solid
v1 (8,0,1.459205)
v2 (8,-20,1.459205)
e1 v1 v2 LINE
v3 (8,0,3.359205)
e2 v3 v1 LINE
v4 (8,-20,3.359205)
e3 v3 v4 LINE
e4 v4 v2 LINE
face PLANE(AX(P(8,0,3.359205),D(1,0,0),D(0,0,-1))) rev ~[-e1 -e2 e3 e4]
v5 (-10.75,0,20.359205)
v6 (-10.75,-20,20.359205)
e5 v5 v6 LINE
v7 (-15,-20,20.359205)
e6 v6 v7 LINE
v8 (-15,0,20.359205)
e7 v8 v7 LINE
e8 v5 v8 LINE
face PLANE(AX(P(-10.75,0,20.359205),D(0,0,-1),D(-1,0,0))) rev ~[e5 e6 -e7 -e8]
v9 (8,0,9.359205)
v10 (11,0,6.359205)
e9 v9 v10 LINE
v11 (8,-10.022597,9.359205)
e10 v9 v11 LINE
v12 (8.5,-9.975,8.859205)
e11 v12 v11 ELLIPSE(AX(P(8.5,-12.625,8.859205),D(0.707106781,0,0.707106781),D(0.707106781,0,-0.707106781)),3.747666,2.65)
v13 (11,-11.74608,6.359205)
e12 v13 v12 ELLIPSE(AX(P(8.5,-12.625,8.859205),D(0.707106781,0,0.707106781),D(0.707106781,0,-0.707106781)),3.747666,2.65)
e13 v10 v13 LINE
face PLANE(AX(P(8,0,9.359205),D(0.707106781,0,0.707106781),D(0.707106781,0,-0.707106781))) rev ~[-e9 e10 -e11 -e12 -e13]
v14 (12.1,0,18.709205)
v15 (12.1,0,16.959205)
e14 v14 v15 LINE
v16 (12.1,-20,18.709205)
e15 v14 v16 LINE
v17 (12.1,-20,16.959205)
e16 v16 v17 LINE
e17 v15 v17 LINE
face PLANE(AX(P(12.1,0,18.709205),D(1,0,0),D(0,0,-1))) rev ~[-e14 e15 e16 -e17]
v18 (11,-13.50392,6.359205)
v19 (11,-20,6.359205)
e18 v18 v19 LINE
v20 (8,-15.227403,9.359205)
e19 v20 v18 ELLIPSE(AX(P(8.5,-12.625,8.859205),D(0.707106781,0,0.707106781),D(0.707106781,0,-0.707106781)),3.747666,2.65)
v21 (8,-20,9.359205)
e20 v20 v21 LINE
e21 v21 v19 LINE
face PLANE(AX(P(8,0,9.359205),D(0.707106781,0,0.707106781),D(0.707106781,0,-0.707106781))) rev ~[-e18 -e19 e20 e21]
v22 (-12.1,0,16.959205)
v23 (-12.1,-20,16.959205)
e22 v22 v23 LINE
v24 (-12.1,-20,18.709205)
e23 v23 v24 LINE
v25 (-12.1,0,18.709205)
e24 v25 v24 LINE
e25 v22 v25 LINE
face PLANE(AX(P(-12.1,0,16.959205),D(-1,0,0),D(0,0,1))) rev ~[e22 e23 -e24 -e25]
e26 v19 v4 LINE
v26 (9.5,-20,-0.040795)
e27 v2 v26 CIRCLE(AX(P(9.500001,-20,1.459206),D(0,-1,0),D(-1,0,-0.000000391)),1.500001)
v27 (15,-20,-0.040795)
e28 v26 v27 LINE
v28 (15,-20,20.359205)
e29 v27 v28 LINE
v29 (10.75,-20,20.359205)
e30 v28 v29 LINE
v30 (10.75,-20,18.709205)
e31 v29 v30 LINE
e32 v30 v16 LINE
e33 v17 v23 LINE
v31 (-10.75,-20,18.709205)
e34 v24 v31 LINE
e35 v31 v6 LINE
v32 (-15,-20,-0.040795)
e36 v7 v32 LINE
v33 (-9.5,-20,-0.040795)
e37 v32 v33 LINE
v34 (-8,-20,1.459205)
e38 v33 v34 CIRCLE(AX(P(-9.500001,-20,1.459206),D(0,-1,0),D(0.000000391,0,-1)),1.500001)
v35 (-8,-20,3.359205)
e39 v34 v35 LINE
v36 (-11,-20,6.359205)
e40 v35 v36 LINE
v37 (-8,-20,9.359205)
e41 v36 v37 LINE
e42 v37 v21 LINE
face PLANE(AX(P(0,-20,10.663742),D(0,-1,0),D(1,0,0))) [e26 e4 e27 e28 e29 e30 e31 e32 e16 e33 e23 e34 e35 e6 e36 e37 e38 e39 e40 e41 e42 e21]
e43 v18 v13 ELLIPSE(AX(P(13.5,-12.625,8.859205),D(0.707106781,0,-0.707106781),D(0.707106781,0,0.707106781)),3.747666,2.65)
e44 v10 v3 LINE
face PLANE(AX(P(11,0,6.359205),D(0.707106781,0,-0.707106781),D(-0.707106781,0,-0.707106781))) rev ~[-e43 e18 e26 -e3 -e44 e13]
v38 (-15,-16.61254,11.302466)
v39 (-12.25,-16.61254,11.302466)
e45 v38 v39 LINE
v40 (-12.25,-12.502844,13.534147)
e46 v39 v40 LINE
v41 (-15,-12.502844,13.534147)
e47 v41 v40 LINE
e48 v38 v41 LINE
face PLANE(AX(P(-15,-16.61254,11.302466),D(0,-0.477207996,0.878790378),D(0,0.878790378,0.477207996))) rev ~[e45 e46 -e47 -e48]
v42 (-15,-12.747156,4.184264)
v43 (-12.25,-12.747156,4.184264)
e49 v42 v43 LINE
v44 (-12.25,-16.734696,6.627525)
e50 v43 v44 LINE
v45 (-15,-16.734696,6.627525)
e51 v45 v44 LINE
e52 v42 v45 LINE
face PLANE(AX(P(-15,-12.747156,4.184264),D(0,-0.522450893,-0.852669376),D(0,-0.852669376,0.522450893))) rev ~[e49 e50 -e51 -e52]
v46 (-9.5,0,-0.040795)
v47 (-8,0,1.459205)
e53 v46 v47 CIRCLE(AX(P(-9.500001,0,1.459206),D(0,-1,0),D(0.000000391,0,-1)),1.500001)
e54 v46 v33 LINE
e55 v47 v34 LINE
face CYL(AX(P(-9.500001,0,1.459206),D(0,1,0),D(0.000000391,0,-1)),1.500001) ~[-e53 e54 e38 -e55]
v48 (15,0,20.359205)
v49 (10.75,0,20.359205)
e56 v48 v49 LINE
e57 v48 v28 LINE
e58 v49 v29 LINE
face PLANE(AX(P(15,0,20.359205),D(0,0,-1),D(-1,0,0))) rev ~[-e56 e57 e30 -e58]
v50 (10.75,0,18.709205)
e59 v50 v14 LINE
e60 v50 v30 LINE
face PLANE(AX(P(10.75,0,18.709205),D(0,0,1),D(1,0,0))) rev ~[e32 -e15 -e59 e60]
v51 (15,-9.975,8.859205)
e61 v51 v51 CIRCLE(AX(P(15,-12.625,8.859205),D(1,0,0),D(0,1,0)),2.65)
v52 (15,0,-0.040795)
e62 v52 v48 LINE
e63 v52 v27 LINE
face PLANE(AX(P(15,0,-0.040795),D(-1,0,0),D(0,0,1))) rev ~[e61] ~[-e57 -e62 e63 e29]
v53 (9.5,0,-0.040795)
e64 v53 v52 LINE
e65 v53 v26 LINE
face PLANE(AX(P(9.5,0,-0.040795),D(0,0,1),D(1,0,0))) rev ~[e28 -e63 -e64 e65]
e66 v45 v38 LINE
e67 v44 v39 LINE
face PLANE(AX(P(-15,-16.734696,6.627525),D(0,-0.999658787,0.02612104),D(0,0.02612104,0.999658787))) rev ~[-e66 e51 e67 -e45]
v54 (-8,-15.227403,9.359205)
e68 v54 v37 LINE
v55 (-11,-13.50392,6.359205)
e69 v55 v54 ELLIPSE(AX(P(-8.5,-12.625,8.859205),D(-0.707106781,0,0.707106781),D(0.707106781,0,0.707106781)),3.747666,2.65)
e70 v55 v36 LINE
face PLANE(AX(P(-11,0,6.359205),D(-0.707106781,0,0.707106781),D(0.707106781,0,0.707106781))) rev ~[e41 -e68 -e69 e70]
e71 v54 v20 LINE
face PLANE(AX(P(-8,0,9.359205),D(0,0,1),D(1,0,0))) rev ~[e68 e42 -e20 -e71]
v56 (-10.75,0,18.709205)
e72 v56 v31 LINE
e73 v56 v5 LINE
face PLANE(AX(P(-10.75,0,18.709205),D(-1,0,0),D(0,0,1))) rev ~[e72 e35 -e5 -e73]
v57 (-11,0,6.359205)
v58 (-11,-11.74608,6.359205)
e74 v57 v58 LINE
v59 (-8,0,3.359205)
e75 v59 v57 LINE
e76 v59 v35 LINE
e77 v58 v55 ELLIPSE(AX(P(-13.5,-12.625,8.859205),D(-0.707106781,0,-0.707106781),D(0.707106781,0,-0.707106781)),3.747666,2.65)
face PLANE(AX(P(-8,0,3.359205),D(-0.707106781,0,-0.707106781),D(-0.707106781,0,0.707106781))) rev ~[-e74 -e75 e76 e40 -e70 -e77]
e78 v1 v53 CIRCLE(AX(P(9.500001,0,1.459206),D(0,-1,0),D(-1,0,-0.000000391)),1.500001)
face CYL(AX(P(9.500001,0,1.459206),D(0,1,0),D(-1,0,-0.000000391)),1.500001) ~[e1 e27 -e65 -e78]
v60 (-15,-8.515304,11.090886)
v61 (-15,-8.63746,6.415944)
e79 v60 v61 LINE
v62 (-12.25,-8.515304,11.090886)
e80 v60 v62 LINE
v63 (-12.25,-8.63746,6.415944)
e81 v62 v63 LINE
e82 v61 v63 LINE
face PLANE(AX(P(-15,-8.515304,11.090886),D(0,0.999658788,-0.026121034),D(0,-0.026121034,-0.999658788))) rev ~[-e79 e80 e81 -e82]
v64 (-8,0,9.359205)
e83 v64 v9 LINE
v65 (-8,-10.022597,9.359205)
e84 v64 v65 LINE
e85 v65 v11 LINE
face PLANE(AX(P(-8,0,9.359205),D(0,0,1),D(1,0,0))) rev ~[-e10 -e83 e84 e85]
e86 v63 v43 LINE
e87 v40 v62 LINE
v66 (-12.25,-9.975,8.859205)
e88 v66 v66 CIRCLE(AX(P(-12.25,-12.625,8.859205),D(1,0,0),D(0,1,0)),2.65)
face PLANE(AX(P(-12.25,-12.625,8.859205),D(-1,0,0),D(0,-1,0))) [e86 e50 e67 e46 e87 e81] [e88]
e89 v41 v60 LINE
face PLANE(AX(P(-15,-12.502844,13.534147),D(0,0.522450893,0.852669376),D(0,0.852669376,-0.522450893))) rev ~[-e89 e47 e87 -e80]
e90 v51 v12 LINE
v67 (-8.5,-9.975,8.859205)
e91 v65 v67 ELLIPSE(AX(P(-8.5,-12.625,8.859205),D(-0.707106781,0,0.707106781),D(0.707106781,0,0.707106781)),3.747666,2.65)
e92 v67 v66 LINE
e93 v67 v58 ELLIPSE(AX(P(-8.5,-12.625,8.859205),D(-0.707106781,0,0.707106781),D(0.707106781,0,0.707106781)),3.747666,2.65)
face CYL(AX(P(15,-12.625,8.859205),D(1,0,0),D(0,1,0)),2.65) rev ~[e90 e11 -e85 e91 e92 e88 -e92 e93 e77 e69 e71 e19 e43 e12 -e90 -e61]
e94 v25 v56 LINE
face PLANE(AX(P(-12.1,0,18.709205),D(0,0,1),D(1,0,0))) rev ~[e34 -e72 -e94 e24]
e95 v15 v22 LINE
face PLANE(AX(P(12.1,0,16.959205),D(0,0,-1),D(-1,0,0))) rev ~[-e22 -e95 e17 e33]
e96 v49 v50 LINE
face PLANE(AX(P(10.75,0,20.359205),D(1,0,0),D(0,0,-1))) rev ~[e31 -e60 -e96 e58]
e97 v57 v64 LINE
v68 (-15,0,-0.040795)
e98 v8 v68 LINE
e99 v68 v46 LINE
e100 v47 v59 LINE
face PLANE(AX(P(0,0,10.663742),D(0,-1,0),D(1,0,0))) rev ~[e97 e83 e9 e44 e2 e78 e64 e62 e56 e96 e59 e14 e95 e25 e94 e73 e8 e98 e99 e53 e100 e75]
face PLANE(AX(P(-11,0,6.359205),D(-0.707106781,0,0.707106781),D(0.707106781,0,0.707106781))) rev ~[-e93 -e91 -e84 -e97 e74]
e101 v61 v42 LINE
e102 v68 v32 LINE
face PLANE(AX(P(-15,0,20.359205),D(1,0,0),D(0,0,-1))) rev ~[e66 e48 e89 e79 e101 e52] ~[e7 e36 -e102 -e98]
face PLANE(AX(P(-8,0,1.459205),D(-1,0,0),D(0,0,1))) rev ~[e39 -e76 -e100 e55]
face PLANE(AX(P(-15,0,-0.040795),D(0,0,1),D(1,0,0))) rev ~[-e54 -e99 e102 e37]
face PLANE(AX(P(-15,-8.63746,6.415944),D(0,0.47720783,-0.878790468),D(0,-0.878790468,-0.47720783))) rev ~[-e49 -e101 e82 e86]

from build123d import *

# Parameters (mm, degrees)
F1_DEPTH = 20
F2_R     = 2.65
F3_DEPTH = 30
F5_DEPTH = 2.75


with BuildPart() as f1:
    # F0 (on Front) → F1 (new body)
    with BuildSketch(Plane.XZ):
        with BuildLine():
            Line((12.1, 16.959205), (-12.1, 16.959205))
            Line((-12.1, 16.959205), (-12.1, 18.709205))
            Line((-12.1, 18.709205), (-10.75, 18.709205))
            Line((-10.75, 18.709205), (-10.75, 20.359205))
            Line((-10.75, 20.359205), (-15, 20.359205))
            Line((-15, 20.359205), (-15, -0.040795))
            Line((-15, -0.040795), (-9.5, -0.040795))
            ThreePointArc((-9.5, -0.040795), (-8.43934, 0.398545), (-8, 1.459205))
            Line((-8, 1.459205), (-8, 3.359205))
            Line((-8, 3.359205), (-11, 6.359205))
            Line((-11, 6.359205), (-8, 9.359205))
            Line((-8, 9.359205), (8, 9.359205))
            Line((8, 9.359205), (11, 6.359205))
            Line((11, 6.359205), (8, 3.359205))
            Line((8, 3.359205), (8, 1.459205))
            ThreePointArc((8, 1.459205), (8.43934, 0.398545), (9.5, -0.040795))
            Line((9.5, -0.040795), (15, -0.040795))
            Line((15, -0.040795), (15, 20.359205))
            Line((15, 20.359205), (10.75, 20.359205))
            Line((10.75, 20.359205), (10.75, 18.709205))
            Line((10.75, 18.709205), (12.1, 18.709205))
            Line((12.1, 18.709205), (12.1, 16.959205))
        make_face()
    extrude(amount=F1_DEPTH)

    # F2 (on face) → F3 (cut)
    with BuildSketch(Plane.YZ.offset(15)):
        with Locations((-12.625, 8.859205)):
            Circle(F2_R)
    extrude(amount=-F3_DEPTH, mode=Mode.SUBTRACT)

    # F4 (on face) → F5 (cut)
    with BuildSketch(Plane(origin=(-15, 0, 0), x_dir=(0, -1, 0), z_dir=(-1, 0, 0))):
        Polygon((16.61254, 11.302466), (12.502844, 13.534147), (8.515304, 11.090886), (8.63746, 6.415944), (12.747156, 4.184264), (16.734696, 6.627525), align=None)
    extrude(amount=-F5_DEPTH, mode=Mode.SUBTRACT)


solid = f1.part
